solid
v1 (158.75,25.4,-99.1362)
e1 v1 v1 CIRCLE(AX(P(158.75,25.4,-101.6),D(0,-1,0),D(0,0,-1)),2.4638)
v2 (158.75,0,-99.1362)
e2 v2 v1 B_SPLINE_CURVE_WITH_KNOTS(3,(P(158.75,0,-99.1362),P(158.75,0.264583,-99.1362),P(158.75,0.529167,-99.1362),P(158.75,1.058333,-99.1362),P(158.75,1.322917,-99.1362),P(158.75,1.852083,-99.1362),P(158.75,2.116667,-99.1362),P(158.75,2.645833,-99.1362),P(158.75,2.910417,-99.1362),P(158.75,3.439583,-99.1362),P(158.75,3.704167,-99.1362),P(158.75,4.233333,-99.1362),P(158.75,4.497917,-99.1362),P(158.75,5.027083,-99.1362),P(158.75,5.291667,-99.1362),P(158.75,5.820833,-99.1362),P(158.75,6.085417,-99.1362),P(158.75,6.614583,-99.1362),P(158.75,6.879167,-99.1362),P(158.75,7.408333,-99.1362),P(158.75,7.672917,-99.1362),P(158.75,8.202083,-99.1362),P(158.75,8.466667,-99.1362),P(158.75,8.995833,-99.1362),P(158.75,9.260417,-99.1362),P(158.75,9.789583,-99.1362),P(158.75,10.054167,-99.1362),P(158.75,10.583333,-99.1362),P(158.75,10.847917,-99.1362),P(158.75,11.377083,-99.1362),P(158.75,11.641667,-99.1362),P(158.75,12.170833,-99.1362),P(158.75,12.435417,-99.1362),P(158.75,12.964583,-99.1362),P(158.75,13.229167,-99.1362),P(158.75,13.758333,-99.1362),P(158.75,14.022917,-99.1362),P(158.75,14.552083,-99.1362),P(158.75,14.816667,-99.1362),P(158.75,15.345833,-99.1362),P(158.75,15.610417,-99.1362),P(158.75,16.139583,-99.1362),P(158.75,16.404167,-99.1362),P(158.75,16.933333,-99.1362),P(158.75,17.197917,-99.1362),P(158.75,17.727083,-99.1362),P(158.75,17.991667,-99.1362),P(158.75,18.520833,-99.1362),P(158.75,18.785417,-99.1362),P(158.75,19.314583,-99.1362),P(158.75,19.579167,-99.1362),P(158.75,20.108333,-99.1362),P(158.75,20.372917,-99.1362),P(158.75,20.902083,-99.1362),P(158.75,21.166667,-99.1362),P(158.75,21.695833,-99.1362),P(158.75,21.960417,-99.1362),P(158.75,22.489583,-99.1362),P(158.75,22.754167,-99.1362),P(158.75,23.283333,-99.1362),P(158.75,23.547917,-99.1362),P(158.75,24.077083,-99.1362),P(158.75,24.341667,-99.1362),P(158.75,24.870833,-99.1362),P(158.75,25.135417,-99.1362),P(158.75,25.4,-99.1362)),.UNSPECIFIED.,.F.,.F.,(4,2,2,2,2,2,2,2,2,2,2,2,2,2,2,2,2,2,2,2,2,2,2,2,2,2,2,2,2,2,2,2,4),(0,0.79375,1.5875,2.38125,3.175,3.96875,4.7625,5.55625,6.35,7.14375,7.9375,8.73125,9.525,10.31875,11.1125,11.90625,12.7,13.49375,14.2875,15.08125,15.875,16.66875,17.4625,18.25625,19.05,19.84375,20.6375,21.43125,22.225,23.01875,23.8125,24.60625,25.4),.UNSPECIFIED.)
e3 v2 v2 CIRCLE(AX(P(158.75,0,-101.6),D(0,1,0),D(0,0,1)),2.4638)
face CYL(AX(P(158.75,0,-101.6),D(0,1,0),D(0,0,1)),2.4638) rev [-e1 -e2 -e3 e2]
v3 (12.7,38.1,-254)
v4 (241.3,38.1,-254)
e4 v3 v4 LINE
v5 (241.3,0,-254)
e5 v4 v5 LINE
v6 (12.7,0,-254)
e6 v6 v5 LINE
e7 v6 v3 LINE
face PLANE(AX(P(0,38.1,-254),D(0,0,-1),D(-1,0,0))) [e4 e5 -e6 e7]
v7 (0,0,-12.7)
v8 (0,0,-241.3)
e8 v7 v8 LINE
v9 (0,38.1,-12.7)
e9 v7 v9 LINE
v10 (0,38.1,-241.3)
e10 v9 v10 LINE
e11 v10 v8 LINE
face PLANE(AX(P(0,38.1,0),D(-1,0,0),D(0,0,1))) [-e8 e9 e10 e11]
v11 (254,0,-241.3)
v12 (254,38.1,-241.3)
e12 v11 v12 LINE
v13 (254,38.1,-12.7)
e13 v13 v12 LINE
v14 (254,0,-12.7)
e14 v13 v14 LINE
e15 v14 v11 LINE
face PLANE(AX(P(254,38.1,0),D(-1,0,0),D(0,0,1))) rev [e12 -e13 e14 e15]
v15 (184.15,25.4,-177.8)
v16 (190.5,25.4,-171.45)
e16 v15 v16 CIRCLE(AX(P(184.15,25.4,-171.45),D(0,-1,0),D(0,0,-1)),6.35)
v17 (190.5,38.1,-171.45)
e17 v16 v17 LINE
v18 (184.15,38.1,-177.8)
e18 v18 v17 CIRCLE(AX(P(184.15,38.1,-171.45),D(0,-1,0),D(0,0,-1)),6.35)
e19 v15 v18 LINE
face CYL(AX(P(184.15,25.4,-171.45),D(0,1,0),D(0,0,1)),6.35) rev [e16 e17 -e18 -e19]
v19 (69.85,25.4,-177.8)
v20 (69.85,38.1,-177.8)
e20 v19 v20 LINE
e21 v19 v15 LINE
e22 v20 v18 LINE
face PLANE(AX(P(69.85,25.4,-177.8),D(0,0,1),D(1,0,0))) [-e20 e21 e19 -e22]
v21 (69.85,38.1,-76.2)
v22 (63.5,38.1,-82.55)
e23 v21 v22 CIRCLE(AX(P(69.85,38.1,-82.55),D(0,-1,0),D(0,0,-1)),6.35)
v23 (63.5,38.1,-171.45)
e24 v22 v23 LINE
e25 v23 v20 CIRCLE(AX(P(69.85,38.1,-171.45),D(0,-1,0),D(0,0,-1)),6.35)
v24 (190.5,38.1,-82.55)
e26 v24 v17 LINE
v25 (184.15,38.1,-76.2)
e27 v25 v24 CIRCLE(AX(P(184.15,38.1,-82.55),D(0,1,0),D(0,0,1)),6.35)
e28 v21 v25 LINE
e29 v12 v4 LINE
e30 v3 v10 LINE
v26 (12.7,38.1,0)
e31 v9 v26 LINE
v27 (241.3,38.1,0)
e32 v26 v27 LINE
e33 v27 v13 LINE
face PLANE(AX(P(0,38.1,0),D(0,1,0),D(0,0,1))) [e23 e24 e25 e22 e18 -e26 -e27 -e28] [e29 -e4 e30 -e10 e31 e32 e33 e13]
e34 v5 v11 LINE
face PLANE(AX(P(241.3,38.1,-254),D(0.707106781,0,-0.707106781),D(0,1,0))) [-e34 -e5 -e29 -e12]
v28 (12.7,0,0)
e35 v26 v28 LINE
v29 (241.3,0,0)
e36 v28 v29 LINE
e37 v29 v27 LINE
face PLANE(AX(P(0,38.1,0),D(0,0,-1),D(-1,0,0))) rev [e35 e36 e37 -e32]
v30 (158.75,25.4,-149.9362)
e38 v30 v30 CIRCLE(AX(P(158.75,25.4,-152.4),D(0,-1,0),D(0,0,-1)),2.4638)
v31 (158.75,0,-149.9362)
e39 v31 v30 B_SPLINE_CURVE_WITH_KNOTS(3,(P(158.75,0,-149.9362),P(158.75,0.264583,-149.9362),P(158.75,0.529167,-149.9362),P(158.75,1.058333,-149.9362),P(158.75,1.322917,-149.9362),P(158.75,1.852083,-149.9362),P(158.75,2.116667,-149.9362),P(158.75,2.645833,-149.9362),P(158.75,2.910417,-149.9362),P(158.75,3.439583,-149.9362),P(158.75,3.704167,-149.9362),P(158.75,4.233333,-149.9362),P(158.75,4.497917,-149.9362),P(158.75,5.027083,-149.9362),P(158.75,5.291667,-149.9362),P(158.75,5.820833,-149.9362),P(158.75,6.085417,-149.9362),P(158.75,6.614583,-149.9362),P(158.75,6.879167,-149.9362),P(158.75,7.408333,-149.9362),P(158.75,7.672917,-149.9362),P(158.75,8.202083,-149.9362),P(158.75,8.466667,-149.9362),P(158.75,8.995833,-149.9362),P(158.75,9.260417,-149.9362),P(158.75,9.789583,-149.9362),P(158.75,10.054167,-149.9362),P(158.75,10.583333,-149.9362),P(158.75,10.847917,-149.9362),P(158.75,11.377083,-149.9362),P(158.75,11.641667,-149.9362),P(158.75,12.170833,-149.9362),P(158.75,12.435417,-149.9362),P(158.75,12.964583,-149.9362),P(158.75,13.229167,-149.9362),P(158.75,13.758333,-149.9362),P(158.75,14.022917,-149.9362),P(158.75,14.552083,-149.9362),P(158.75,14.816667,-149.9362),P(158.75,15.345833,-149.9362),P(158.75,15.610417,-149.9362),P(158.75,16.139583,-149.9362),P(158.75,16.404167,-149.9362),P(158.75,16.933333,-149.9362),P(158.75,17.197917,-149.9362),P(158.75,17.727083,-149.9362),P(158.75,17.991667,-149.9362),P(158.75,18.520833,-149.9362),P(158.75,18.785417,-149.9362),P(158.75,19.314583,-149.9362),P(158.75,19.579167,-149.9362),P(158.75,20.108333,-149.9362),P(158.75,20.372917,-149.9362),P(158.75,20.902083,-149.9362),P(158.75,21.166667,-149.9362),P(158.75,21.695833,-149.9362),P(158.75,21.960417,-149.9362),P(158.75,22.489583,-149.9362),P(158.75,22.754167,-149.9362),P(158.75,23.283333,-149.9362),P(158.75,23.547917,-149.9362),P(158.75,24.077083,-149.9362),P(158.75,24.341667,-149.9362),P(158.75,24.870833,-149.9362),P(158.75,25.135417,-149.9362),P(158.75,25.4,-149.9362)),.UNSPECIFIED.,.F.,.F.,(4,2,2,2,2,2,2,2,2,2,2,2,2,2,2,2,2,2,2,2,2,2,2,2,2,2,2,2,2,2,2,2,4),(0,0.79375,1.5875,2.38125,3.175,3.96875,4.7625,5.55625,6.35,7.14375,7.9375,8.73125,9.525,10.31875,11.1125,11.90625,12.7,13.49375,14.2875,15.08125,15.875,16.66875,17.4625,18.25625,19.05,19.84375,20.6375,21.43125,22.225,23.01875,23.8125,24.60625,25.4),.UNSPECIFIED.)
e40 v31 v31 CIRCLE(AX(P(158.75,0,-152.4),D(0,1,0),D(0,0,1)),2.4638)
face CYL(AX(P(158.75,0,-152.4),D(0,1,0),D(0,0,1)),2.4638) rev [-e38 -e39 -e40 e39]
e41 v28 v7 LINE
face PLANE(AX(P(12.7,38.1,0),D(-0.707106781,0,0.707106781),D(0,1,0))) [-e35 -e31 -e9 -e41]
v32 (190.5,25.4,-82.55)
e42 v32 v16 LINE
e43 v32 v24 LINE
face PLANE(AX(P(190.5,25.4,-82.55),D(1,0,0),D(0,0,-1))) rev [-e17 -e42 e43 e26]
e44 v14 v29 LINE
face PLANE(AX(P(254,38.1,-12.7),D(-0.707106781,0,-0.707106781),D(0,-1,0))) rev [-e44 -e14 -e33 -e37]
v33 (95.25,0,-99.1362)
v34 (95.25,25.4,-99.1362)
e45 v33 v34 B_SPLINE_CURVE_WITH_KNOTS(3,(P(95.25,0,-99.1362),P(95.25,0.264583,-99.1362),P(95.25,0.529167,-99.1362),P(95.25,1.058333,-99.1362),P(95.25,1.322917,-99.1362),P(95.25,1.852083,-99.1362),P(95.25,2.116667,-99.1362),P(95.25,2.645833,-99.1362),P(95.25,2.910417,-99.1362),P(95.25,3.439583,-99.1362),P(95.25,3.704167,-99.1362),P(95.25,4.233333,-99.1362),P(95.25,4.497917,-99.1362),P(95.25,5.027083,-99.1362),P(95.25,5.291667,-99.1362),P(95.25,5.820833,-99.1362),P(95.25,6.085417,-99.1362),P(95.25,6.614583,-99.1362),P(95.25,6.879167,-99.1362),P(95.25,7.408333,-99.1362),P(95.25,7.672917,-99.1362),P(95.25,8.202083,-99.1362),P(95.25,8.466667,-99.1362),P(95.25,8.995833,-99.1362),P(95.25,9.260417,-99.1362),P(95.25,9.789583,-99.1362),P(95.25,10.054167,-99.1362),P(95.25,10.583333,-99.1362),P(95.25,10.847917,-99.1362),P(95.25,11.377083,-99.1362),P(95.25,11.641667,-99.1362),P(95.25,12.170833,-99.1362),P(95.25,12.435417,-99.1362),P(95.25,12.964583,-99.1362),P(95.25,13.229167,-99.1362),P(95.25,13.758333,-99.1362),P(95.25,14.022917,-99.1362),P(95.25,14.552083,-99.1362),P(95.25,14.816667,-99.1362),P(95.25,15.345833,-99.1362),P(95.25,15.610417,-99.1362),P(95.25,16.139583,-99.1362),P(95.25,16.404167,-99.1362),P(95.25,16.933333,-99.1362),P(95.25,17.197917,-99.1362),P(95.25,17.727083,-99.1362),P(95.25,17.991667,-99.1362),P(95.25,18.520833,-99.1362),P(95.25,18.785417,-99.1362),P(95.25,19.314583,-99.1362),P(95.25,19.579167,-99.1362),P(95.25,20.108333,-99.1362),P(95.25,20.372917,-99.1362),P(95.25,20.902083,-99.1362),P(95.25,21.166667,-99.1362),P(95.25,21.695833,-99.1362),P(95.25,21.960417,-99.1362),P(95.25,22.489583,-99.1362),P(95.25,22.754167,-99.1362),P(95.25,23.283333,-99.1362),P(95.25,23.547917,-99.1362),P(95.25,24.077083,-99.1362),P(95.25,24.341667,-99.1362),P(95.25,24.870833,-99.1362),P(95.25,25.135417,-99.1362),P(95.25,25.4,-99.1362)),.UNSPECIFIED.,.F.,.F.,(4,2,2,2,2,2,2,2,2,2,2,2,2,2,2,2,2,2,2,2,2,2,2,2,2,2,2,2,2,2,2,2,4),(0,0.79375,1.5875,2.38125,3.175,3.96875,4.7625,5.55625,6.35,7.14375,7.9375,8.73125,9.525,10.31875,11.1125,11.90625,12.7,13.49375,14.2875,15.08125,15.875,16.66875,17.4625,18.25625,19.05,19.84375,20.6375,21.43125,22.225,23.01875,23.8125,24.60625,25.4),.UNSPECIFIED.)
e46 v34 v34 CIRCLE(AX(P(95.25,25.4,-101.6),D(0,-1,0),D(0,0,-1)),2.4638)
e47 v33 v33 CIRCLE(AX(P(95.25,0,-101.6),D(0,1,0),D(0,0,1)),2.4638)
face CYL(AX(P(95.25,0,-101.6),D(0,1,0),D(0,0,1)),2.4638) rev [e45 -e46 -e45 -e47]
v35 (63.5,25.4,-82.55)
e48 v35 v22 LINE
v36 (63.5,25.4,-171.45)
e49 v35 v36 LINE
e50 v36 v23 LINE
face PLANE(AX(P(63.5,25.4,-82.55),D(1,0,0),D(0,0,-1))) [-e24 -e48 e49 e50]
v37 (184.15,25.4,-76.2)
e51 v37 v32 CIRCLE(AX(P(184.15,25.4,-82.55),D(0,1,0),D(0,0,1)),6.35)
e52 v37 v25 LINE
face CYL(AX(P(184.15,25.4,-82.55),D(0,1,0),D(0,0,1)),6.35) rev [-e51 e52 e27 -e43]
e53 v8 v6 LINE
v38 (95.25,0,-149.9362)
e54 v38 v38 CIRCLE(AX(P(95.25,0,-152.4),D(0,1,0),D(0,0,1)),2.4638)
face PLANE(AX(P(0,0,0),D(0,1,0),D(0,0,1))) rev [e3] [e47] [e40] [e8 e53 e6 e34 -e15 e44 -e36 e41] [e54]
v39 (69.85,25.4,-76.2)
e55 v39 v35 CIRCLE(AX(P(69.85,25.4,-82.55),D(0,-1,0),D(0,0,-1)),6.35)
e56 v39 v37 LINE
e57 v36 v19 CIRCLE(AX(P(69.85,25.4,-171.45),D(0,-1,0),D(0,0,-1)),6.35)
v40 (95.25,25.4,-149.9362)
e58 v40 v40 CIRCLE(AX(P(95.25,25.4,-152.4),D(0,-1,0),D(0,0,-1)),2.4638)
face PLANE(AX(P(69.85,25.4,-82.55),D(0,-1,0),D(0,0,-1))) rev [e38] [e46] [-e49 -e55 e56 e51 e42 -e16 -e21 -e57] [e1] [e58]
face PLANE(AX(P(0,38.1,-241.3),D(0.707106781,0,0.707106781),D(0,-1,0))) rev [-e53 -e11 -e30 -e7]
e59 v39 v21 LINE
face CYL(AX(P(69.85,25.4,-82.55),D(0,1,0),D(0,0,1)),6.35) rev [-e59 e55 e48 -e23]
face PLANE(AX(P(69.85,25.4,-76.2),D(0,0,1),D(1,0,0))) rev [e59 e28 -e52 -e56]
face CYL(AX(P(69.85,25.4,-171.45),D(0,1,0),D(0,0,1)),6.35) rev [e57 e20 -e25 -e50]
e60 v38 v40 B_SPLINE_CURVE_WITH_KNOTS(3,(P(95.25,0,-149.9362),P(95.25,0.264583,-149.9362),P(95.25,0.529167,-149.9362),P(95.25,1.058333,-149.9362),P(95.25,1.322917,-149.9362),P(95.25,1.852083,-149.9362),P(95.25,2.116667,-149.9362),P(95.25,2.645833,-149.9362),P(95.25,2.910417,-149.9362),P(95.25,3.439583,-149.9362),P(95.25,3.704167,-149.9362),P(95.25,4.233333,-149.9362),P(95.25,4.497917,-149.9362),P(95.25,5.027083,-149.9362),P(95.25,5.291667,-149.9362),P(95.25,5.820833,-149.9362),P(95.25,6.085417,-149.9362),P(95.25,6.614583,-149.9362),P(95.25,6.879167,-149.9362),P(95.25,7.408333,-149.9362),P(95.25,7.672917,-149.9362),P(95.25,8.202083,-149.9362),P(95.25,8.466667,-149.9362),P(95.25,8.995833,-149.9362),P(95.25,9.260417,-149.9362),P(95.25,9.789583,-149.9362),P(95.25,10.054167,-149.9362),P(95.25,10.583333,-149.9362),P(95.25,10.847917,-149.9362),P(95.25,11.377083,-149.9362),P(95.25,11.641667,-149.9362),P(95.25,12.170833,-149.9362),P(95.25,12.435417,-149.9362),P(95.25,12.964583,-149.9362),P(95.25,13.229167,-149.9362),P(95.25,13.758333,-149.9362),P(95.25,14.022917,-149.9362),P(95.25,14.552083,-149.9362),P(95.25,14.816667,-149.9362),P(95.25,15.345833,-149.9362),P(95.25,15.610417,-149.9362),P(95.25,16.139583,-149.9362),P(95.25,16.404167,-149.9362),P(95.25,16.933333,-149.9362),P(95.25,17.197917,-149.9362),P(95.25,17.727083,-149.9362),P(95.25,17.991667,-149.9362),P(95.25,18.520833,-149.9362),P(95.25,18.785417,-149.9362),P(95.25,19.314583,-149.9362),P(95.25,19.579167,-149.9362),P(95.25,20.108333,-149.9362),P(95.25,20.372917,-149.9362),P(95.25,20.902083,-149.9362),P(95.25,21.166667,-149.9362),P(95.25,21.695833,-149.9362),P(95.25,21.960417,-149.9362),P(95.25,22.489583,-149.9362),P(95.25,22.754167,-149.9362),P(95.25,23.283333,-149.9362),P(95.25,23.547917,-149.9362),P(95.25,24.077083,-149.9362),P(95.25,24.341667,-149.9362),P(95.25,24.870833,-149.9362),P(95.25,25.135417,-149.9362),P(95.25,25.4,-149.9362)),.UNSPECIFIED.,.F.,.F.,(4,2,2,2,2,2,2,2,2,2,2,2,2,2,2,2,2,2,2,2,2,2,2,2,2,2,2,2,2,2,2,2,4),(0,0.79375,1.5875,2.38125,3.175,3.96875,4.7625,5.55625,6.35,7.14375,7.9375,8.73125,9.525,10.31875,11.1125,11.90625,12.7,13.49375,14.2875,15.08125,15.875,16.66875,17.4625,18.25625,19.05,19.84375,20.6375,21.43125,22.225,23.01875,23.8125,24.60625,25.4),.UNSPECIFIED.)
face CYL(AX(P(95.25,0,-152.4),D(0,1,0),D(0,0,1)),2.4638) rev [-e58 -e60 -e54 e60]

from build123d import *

# Parameters (mm, degrees)
SKETCH1_W               = 254
SKETCH1_H               = 254
BOSS_EXTRUDE1_DEPTH     = 38.1
CUT_EXTRUDE1_DEPTH      = 12.7
CUT_EXTRUDE2_DEPTH      = 361.10715072
CUT_EXTRUDE2_DEPTH_BACK = 361.10715072
SKETCH4_R               = 2.4638
CHAMFER1_SIZE           = 12.7


with BuildPart() as part:
    # Sketch1 → Boss-Extrude1 (new body)
    with BuildSketch(Plane(origin=(0, 0, 0), x_dir=(1, 0, 0), z_dir=(0, 1, 0))):
        with Locations((127, 127)):
            Rectangle(SKETCH1_W, SKETCH1_H)
    extrude(amount=BOSS_EXTRUDE1_DEPTH)

    # Sketch2 → Cut-Extrude1 (cut)
    with BuildSketch(Plane(origin=(0, 38.1, 0), x_dir=(1, 0, 0), z_dir=(0, 1, 0))):
        with BuildLine():
            Line((69.85, 76.2), (184.15, 76.2))
            ThreePointArc((184.15, 76.2), (188.640128061, 78.059871939), (190.5, 82.55))
            Line((190.5, 82.55), (190.5, 171.45))
            ThreePointArc((190.5, 171.45), (188.640128061, 175.940128061), (184.15, 177.8))
            Line((184.15, 177.8), (69.85, 177.8))
            ThreePointArc((69.85, 177.8), (65.359871939, 175.940128061), (63.5, 171.45))
            Line((63.5, 171.45), (63.5, 82.55))
            ThreePointArc((63.5, 82.55), (65.359871939, 78.059871939), (69.85, 76.2))
        make_face()
    extrude(amount=-CUT_EXTRUDE1_DEPTH, mode=Mode.SUBTRACT)

    # Sketch4 → Cut-Extrude2 (cut, two sides: drawn at the far end of the back side and taken through both)
    with BuildSketch(Plane(origin=(0, 25.4, 0), x_dir=(1, 0, 0), z_dir=(0, 1, 0)).offset(-CUT_EXTRUDE2_DEPTH_BACK)):
        with Locations(Location((95.25, 152.4, 0), (0, 0, 270))):
            Circle(SKETCH4_R)
        with Locations(Location((158.75, 152.4, 0), (0, 0, 270))):
            Circle(SKETCH4_R)
        with Locations(Location((158.75, 101.6, 0), (0, 0, 270))):
            Circle(SKETCH4_R)
        with Locations(Location((95.25, 101.6, 0), (0, 0, 270))):
            Circle(SKETCH4_R)
    extrude(amount=CUT_EXTRUDE2_DEPTH + CUT_EXTRUDE2_DEPTH_BACK, mode=Mode.SUBTRACT)

    # Chamfer1
    chamfer1_edges = [part.edges().sort_by_distance(p)[0] for p in [
        (0, 19.05, -254),
        (0, 19.05, 0),
        (254, 19.05, 0),
        (254, 19.05, -254),
    ]]
    chamfer(chamfer1_edges, length=CHAMFER1_SIZE)


solid = part.part
